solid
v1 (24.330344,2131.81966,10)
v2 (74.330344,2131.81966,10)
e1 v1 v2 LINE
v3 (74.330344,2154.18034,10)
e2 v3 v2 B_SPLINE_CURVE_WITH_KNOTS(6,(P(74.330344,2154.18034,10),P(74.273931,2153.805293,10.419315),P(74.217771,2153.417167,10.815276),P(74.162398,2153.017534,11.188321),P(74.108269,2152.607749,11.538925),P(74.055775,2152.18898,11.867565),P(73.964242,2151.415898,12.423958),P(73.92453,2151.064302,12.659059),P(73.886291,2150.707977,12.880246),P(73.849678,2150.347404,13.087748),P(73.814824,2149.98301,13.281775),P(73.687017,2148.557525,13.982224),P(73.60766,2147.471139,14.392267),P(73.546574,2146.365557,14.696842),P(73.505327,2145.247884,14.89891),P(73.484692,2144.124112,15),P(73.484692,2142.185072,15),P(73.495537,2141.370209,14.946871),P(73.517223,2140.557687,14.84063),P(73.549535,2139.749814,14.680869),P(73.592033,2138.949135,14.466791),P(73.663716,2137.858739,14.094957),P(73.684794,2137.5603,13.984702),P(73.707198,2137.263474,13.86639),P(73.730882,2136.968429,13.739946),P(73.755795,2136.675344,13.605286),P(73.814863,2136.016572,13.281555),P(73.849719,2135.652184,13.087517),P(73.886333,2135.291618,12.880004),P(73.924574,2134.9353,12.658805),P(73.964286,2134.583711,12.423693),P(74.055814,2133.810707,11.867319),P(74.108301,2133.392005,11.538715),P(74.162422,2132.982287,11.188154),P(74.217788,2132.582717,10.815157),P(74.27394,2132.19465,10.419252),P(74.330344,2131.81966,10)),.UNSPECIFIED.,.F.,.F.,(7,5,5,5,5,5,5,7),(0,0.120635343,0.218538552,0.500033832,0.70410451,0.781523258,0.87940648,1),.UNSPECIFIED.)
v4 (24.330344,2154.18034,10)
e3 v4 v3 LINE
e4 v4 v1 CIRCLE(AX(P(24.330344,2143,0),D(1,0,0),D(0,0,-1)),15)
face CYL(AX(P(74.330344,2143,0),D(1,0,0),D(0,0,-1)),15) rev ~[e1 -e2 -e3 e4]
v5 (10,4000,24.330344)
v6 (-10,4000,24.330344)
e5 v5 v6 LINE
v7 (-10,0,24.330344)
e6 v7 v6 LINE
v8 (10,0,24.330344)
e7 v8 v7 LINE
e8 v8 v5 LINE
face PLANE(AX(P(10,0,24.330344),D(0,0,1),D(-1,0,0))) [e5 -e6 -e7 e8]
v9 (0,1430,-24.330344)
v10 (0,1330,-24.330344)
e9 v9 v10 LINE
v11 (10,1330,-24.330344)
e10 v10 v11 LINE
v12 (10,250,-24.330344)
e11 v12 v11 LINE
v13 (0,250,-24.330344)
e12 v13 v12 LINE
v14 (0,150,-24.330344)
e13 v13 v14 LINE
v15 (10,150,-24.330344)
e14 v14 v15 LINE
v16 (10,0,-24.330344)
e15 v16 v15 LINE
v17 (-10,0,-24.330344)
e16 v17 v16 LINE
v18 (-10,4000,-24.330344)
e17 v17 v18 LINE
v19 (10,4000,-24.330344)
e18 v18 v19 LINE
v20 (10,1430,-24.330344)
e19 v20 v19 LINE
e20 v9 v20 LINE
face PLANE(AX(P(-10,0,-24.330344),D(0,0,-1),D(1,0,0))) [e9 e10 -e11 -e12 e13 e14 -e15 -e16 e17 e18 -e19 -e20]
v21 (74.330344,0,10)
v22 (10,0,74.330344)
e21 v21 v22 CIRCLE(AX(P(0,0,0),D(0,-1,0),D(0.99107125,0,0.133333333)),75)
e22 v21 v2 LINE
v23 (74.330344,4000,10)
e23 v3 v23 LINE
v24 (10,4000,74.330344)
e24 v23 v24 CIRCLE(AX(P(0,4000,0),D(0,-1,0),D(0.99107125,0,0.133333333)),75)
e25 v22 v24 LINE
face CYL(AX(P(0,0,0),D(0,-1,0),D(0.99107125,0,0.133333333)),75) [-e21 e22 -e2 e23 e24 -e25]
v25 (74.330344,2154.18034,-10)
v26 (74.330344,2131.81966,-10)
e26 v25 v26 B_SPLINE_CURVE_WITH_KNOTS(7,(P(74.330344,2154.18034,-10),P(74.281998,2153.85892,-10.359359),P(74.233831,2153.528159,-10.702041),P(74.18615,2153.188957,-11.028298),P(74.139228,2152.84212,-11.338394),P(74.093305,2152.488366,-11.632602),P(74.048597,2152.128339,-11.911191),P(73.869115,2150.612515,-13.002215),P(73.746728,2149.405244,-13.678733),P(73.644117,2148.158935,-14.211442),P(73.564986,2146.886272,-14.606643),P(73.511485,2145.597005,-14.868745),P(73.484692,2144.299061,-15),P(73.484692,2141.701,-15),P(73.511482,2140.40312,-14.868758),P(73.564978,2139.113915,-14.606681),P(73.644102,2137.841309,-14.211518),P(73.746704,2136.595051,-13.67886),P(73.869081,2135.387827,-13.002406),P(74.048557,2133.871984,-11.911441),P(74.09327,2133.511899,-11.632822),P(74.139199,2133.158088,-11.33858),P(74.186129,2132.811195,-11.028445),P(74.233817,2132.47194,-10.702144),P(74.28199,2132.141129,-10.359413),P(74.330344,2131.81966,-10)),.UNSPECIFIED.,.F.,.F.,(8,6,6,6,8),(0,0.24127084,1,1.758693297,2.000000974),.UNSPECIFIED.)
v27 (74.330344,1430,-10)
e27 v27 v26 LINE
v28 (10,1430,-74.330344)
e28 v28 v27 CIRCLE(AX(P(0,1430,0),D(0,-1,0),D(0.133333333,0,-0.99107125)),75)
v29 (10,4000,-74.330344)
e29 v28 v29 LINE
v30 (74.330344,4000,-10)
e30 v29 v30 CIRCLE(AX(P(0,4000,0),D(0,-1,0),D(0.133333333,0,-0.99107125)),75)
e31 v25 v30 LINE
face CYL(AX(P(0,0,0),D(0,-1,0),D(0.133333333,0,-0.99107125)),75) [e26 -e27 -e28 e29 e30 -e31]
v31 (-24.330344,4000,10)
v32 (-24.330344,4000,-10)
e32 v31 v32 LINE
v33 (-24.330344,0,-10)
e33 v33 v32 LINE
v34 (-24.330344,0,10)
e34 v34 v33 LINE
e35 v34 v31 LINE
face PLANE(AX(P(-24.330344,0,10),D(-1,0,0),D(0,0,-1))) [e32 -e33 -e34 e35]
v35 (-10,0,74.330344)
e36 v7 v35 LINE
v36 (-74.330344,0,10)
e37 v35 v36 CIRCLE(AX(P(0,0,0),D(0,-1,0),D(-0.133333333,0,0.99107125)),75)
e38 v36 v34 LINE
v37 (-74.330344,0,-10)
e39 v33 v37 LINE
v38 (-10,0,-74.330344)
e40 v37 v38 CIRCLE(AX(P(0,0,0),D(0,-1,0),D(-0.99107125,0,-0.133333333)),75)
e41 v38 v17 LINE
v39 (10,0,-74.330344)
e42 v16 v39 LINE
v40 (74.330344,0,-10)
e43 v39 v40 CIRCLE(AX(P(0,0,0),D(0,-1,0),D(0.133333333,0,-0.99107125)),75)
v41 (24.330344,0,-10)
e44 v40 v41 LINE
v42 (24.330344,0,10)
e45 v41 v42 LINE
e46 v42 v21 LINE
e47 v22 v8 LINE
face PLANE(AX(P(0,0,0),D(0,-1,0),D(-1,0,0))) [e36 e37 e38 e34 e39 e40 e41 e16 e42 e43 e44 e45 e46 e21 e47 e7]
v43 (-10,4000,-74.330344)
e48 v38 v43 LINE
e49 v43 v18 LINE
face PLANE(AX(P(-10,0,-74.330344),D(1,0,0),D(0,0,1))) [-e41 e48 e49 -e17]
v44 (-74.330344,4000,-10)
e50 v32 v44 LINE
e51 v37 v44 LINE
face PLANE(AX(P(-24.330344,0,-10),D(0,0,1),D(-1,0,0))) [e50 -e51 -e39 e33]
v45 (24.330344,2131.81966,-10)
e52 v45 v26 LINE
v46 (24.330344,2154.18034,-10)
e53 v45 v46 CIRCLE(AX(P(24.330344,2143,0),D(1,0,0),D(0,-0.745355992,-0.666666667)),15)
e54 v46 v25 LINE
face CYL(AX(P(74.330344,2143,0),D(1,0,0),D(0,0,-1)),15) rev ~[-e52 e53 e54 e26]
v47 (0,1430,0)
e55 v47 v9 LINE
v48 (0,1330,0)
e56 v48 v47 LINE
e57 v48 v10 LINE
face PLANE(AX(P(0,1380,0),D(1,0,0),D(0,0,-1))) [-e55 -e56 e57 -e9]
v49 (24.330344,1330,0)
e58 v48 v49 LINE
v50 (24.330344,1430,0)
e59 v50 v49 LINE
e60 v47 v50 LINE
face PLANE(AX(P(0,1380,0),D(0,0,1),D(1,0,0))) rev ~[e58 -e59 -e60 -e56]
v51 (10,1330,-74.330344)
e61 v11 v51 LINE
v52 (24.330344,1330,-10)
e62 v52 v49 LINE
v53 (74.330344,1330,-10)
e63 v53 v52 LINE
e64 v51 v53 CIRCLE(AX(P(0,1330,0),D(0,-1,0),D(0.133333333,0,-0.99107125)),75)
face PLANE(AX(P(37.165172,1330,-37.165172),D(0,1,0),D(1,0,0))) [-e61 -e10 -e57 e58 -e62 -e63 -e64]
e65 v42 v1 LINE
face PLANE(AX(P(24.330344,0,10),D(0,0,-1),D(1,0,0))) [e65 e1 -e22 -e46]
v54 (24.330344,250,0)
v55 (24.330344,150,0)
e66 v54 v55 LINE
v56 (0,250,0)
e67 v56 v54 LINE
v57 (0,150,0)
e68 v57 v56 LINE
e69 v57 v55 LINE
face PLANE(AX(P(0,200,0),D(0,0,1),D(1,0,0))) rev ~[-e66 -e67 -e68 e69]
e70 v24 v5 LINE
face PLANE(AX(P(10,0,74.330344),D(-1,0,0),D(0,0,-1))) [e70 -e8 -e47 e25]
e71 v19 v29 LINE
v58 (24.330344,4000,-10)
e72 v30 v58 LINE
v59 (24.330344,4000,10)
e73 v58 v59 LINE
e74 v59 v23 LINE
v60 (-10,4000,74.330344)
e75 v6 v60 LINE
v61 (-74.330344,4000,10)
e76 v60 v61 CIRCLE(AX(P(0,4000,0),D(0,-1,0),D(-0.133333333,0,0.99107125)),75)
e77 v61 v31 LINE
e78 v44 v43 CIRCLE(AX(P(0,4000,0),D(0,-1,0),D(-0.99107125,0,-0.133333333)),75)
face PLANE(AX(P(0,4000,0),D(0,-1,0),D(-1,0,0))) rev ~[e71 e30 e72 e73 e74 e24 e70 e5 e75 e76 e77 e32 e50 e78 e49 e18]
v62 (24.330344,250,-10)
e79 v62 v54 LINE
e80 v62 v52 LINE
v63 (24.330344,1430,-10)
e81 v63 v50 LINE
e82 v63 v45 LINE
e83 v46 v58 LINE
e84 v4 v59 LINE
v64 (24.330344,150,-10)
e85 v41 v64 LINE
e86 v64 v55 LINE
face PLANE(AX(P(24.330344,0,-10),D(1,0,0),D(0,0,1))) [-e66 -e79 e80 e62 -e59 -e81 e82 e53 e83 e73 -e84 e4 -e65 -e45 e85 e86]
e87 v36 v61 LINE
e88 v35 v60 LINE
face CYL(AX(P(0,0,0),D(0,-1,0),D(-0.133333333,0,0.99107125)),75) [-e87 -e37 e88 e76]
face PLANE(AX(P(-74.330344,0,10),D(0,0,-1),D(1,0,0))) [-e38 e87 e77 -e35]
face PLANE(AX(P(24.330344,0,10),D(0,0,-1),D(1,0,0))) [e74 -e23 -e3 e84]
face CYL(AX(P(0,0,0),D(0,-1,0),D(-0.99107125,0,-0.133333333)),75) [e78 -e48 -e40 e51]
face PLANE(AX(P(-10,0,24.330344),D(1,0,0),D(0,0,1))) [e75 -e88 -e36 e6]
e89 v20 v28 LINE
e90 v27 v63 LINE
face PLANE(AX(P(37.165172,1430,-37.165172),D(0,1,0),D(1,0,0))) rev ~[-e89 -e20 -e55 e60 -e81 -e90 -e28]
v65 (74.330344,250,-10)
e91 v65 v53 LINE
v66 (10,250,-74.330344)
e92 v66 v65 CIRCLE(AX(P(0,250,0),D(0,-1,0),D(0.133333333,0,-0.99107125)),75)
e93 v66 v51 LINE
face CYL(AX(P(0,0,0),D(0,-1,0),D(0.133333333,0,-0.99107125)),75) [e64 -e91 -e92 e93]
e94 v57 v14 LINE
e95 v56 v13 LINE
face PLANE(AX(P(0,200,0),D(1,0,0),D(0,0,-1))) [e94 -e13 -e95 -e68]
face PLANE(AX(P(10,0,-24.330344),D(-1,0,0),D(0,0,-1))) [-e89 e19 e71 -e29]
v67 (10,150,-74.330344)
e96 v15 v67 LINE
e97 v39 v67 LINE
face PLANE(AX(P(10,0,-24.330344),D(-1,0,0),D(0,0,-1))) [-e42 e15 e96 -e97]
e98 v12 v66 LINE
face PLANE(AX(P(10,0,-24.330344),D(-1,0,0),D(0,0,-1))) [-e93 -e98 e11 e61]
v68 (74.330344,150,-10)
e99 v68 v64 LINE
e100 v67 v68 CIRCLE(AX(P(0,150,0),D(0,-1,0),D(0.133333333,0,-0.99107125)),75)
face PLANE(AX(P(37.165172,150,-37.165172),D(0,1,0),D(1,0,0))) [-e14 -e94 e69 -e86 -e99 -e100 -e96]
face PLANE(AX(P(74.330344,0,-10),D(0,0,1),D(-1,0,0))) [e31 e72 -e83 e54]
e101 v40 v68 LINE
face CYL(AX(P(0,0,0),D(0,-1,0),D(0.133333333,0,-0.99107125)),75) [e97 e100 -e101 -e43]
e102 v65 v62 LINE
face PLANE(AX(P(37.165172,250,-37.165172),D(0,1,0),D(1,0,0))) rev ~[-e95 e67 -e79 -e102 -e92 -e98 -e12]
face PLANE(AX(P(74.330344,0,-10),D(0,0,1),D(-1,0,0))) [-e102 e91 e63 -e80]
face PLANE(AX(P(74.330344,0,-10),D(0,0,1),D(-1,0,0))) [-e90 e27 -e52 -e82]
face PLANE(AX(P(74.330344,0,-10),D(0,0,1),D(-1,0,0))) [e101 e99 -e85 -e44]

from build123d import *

# Parameters (mm, degrees)
BOSS_EXTRUDE2_DEPTH = 4000
CUT_EXTRUDE1_START  = 200
SKETCH2_W           = 74.330343737
SKETCH2_H           = 74.330343737
CUT_EXTRUDE1_DEPTH  = 50
CUT_EXTRUDE2_START  = 1380
SKETCH2_2_W         = 74.330343737
SKETCH2_2_H         = 74.330343737
CUT_EXTRUDE2_DEPTH  = 50
SKETCH3_R           = 15
CUT_EXTRUDE3_DEPTH  = 50


with BuildPart() as part:
    # Sketch1 → Boss-Extrude2 (new body)
    with BuildSketch(Plane(origin=(0, 0, 0), x_dir=(1, 0, 0), z_dir=(0, 1, 0))):
        with BuildLine():
            Line((-10, 74.330343737), (-10, 24.330343737))
            Line((-10, 24.330343737), (10, 24.330343737))
            Line((10, 24.330343737), (10, 74.330343737))
            ThreePointArc((10, 74.330343737), (53.033008589, 53.033008589), (74.330343737, 10))
            Line((74.330343737, 10), (24.330343737, 10))
            Line((24.330343737, 10), (24.330343737, -10))
            Line((24.330343737, -10), (74.330343737, -10))
            ThreePointArc((74.330343737, -10), (53.033008589, -53.033008589), (10, -74.330343737))
            Line((10, -74.330343737), (10, -24.330343737))
            Line((10, -24.330343737), (-10, -24.330343737))
            Line((-10, -24.330343737), (-10, -74.330343737))
            ThreePointArc((-10, -74.330343737), (-53.033008589, -53.033008589), (-74.330343737, -10))
            Line((-74.330343737, -10), (-24.330343737, -10))
            Line((-24.330343737, -10), (-24.330343737, 10))
            Line((-24.330343737, 10), (-74.330343737, 10))
            ThreePointArc((-74.330343737, 10), (-53.033008589, 53.033008589), (-10, 74.330343737))
        make_face()
    extrude(amount=BOSS_EXTRUDE2_DEPTH)

    # Sketch2 → Cut-Extrude1 (cut, symmetric)
    with BuildSketch(Plane(origin=(0, 0, 0), x_dir=(1, 0, 0), z_dir=(0, 1, 0)).offset(CUT_EXTRUDE1_START)):
        with Locations((37.165171869, 37.165171869)):
            Rectangle(SKETCH2_W, SKETCH2_H)
    extrude(amount=CUT_EXTRUDE1_DEPTH, both=True, mode=Mode.SUBTRACT)

    # Sketch2<2> → Cut-Extrude2 (cut, symmetric)
    with BuildSketch(Plane(origin=(0, 0, 0), x_dir=(1, 0, 0), z_dir=(0, 1, 0)).offset(CUT_EXTRUDE2_START)):
        with Locations((37.165171869, 37.165171869)):
            Rectangle(SKETCH2_2_W, SKETCH2_2_H)
    extrude(amount=CUT_EXTRUDE2_DEPTH, both=True, mode=Mode.SUBTRACT)

    # Sketch3 → Cut-Extrude3 (cut)
    with BuildSketch(Plane(origin=(74.330343737, 0, 0), x_dir=(0, 0, -1), z_dir=(1, 0, 0))):
        with Locations((0, 2143)):
            Circle(SKETCH3_R)
    extrude(amount=-CUT_EXTRUDE3_DEPTH, mode=Mode.SUBTRACT)


solid = part.part
